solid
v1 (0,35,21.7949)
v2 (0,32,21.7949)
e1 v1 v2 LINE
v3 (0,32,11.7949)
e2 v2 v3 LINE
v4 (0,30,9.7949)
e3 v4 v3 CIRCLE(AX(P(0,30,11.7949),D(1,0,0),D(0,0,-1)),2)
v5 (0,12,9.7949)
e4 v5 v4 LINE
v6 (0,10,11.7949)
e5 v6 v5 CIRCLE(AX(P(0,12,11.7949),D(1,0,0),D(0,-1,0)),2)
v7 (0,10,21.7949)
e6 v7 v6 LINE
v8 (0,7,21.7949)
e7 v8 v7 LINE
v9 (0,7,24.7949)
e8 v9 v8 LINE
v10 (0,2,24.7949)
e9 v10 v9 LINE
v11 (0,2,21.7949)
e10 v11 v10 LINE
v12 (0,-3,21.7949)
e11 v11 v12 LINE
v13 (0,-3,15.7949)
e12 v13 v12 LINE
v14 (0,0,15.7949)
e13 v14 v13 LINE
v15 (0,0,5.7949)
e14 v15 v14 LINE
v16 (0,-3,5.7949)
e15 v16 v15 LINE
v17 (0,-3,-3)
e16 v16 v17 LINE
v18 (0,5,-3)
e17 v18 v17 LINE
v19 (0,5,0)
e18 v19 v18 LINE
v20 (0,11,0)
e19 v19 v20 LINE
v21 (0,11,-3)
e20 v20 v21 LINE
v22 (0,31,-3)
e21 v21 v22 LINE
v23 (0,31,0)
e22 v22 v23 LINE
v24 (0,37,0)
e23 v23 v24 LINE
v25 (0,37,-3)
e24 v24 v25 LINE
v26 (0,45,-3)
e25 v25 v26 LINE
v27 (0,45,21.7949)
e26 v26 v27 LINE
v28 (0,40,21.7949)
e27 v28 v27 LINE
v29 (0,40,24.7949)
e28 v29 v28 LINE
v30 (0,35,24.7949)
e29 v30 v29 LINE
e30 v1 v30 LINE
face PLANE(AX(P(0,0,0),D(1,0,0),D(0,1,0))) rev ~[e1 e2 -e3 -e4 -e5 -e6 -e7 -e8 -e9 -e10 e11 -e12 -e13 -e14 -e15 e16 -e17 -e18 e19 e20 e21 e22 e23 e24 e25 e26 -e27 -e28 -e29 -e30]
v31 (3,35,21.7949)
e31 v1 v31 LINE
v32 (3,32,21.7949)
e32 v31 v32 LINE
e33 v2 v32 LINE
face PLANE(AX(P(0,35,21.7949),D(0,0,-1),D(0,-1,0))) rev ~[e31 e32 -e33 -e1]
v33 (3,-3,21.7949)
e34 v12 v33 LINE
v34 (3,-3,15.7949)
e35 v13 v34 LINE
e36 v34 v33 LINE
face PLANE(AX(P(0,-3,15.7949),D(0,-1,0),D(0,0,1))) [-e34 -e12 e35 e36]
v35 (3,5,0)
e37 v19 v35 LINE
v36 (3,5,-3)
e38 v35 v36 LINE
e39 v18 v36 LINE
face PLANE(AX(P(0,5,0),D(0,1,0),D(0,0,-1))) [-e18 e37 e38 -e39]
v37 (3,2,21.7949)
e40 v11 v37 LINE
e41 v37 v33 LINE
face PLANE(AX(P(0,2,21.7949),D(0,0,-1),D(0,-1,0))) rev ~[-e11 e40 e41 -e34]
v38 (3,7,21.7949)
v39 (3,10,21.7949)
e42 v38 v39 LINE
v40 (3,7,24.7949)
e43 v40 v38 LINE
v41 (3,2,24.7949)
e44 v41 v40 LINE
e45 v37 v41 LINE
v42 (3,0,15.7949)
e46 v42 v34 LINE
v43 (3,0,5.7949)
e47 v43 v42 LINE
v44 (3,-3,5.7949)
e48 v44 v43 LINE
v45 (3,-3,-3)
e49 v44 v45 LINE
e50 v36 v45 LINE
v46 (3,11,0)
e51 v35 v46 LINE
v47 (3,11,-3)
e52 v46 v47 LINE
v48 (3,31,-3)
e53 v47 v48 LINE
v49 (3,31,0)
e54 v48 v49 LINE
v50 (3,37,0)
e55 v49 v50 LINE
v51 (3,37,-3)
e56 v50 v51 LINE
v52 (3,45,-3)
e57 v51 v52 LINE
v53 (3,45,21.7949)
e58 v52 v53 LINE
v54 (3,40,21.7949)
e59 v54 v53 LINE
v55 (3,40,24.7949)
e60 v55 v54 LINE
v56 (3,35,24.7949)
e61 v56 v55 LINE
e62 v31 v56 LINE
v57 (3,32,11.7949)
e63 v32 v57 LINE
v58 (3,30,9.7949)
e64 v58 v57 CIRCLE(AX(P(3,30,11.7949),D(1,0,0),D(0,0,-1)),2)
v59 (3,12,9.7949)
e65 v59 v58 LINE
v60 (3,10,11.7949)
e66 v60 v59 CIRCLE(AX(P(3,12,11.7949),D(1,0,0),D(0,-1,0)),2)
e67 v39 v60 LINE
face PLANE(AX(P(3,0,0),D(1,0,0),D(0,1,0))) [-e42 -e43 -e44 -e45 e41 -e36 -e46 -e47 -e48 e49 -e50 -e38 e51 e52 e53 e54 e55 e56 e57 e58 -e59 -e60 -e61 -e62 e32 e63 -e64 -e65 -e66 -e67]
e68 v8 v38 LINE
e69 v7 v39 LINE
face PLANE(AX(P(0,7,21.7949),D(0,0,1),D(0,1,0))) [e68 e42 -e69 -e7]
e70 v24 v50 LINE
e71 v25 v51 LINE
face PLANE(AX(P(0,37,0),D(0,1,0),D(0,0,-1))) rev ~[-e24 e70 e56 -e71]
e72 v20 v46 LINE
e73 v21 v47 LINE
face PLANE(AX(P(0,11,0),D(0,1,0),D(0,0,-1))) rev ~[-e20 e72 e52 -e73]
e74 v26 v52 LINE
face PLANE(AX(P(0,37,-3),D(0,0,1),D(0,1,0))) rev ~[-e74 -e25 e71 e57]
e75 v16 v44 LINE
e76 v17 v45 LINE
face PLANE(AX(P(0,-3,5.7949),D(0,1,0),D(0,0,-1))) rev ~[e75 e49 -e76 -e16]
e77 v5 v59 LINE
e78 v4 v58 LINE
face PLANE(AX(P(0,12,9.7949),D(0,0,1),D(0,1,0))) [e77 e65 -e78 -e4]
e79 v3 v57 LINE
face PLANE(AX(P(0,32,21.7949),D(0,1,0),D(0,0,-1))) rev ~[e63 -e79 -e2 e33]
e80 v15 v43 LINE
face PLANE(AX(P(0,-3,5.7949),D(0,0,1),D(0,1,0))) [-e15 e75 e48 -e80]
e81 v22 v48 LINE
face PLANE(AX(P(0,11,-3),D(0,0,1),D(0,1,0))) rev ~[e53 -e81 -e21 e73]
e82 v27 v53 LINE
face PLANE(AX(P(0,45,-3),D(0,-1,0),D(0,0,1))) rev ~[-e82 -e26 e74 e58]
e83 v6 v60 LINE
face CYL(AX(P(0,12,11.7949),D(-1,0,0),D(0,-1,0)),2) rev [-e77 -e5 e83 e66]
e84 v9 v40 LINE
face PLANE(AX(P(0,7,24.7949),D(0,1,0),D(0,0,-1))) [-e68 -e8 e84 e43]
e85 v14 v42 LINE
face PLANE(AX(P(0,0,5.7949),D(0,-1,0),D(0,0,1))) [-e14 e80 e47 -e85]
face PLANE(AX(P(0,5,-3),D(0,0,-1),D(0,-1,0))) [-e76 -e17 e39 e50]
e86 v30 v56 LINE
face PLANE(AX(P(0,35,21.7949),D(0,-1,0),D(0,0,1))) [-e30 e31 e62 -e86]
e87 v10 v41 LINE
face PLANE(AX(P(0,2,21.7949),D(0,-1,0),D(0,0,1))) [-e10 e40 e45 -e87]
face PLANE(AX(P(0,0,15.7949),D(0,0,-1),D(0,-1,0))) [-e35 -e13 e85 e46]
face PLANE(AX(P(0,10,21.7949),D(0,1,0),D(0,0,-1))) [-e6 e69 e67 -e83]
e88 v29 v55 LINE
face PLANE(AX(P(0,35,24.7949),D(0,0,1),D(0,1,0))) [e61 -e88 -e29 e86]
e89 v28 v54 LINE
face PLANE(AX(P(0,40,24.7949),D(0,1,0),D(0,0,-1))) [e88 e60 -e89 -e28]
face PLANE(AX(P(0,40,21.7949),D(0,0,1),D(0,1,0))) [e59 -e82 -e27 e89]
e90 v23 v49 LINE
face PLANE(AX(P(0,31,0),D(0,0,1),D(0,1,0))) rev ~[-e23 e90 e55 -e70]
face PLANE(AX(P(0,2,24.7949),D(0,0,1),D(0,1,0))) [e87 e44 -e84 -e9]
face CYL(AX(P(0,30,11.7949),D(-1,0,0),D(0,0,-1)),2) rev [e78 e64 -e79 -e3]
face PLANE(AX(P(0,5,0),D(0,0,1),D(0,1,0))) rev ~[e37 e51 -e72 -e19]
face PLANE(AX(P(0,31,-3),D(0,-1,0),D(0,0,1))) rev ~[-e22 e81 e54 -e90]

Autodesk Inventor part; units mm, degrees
ref_plane "YZ Plane" through (0, 0, 0) normal (1, 0, 0) x (0, 1, 0)
ref_plane "XZ Plane" through (0, 0, 0) normal (0, 1, 0) x (-1, 0, 0)
ref_plane "XY Plane" through (0, 0, 0) normal (0, 0, 1) x (1, 0, 0)
sketch "Sketch1" plane through (0, 0, 0) normal (1, 0, 0) x (0, 1, 0)
  line L0 (0, 15.7949) -> (-3, 15.7949)
  line L1 (-3, 5.7949) -> (0, 5.7949)
  line L2 (10, 21.7949) -> (10, 11.7949)
  line L3 (12, 9.7949) -> (30, 9.7949)
  line L4 (35, 21.7949) -> (32, 21.7949)
  line L5 (32, 21.7949) -> (32, 11.7949)
  line L6 (7, 21.7949) -> (10, 21.7949)
  line L7 (2, 21.7949) -> (2, 24.7949)
  line L8 (2, 24.7949) -> (7, 24.7949)
  line L9 (7, 24.7949) -> (7, 21.7949)
  line L10 (35, 21.7949) -> (35, 24.7949)
  line L11 (35, 24.7949) -> (40, 24.7949)
  line L12 (40, 24.7949) -> (40, 21.7949)
  line L13 (-3, 15.7949) -> (-3, 21.7949)
  line L14 (45, -3) -> (45, 21.7949)
  line L15 (40, 21.7949) -> (45, 21.7949)
  line L16 (2, 21.7949) -> (-3, 21.7949)
  line L17 (0, 5.7949) -> (0, 15.7949)
  arc A0 (10, 11.7949) -> (12, 9.7949) centre (12, 11.7949) ccw
  arc A1 (30, 9.7949) -> (32, 11.7949) centre (30, 11.7949) ccw
  line L18 (5, 0) -> (5, -3)
  line L19 (5, -3) -> (-3, -3)
  line L20 (-3, 5.7949) -> (-3, -3)
  line L21 (5, 0) -> (11, 0)
  line L22 (11, 0) -> (11, -3)
  line L23 (11, -3) -> (31, -3)
  line L24 (31, -3) -> (31, 0)
  line L25 (31, 0) -> (37, 0)
  line L26 (37, 0) -> (37, -3)
  line L27 (37, -3) -> (45, -3)
  point P0 (0, 0)
  point P1 (32, 9.7949)
  point P2 (10, 9.7949)
  dimension "d6" = 3
  dimension "d7" = 3
  dimension "d8" = 10
  dimension "d70" = 5
  dimension "d71" = 3
  dimension "d72" = 5
  dimension "d74" = 2
  dimension "d75" = 5
  dimension "d76" = 5
  dimension "d78" = 48
  dimension "d79" = 13
  dimension "d80" = 13
  dimension "d83" = 3
  dimension "d86" = 6
  dimension "d88" = 8
  dimension "d89" = 6
  dimension "d90" = 6
  dimension "d91" = 8
  dimension "d92" = 3
  dimension "d93" = 3
extrude "Extrusion1" add sketch "Sketch1" along normal blind 3
properties part number "TerminalPlate"
